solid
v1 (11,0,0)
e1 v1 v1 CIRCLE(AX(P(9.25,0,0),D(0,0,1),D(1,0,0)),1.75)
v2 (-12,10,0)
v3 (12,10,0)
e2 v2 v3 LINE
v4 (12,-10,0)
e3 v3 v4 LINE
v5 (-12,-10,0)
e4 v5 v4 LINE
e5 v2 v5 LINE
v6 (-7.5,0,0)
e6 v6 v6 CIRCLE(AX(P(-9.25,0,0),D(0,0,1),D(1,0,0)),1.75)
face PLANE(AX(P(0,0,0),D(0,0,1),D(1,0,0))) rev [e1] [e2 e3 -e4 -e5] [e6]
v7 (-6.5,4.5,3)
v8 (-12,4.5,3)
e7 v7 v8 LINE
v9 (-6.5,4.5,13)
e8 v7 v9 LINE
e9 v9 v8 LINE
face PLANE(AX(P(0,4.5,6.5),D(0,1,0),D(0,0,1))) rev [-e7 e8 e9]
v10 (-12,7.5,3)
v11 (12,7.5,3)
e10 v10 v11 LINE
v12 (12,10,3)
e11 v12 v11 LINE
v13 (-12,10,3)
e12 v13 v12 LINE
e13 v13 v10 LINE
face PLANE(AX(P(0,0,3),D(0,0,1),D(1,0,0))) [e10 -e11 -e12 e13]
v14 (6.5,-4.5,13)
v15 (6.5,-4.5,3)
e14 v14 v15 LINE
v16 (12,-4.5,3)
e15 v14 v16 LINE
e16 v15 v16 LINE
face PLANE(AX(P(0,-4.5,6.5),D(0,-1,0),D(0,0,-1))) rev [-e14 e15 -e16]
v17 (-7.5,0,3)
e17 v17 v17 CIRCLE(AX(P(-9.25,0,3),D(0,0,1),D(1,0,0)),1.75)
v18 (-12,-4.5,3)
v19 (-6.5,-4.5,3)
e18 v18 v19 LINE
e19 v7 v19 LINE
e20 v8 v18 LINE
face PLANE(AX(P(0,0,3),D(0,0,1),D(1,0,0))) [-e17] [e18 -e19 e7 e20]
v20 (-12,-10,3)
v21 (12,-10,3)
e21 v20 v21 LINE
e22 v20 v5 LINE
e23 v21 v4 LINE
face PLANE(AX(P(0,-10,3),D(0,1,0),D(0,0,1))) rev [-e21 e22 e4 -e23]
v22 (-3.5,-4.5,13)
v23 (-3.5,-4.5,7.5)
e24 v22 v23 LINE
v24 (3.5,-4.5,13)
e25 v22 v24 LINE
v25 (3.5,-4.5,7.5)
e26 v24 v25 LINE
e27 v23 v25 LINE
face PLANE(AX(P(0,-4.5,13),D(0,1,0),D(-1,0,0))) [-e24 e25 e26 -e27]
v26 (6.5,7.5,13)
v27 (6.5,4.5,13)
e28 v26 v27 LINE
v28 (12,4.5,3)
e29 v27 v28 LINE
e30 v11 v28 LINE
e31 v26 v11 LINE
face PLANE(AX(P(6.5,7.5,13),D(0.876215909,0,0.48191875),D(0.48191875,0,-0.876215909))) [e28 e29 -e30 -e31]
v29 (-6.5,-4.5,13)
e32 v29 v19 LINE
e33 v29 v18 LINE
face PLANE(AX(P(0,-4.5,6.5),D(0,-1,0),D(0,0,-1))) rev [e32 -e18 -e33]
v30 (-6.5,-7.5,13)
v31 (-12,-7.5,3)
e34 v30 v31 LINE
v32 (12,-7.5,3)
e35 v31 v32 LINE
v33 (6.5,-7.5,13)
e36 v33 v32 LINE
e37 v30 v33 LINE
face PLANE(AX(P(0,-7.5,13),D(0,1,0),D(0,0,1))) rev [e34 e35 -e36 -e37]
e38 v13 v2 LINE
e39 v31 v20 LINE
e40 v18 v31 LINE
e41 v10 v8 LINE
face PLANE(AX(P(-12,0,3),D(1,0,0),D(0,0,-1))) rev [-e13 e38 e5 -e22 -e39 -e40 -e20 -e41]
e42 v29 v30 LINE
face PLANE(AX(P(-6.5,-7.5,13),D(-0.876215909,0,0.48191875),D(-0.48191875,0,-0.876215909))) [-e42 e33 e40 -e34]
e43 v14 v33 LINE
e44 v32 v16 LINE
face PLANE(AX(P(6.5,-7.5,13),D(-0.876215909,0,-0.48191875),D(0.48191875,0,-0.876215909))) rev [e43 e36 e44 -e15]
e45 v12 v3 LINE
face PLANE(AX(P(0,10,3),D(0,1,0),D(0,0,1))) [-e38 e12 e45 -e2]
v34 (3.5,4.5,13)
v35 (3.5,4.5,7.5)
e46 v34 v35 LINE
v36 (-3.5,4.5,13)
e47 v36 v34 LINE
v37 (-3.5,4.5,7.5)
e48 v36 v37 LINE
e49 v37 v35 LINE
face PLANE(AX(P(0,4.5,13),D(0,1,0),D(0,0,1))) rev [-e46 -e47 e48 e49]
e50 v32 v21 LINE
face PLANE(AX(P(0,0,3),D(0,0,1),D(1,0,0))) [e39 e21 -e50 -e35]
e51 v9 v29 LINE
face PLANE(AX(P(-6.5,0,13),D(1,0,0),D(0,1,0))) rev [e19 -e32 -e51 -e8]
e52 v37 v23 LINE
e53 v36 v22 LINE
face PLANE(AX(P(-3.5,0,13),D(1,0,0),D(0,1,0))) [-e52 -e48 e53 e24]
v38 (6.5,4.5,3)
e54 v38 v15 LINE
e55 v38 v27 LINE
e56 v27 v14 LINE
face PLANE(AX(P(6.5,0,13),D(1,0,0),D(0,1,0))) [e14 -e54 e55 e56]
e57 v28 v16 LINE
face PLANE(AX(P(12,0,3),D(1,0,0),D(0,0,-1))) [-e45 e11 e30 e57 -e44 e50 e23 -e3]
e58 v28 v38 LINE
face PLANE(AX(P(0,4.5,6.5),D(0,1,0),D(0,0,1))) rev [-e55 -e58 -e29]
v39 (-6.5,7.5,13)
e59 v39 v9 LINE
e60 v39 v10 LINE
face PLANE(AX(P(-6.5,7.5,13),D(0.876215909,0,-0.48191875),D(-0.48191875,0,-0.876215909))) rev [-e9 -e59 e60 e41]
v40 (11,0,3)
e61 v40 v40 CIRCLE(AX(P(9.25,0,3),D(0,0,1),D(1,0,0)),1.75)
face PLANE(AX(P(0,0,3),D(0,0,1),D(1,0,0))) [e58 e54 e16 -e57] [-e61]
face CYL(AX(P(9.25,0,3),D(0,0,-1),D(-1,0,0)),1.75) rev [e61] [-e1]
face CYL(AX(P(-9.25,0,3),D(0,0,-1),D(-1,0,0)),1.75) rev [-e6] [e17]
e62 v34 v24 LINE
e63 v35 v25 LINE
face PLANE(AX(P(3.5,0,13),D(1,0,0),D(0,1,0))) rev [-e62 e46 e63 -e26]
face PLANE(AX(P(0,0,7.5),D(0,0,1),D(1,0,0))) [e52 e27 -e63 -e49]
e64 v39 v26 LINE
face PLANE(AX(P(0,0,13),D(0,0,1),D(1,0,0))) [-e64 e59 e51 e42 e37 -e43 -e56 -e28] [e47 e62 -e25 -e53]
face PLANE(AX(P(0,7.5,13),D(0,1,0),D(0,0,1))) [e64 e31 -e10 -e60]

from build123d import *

# Parameters (mm, degrees)
ESQUISSE1_W               = 24
ESQUISSE1_H               = 20
ESQUISSE1_R               = 1.75
ESQUISSE1_W_2             = 13
ESQUISSE1_H_2             = 15
BOSS_EXTRU_1_DEPTH        = 3
ESQUISSE1_3_W             = 13
ESQUISSE1_3_H             = 15
ESQUISSE1_3_W_2           = 7
ESQUISSE1_3_H_2           = 9
BOSS_EXTRU_2_DEPTH        = 13
NERVURE2_REACH            = 26.885
ESQUISSE5_WALL_W          = 63.182180764
ESQUISSE5_WALL_H          = 3
SYM_TRIE5_COPY_1_REACH    = 26.885
SYM_TRIE5_COPY_1_SKETCH_W = 63.182180764
SYM_TRIE5_COPY_1_SKETCH_H = 3
ESQUISSE1_4_W             = 7
ESQUISSE1_4_H             = 9
BOSS_EXTRU_3_DEPTH        = 7.5


with BuildPart() as part:
    # Esquisse1 → Boss.-Extru.1 (new body)
    with BuildSketch(Plane.XY):
        Rectangle(ESQUISSE1_W, ESQUISSE1_H)
        with Locations((-9.25, 0)):
            Circle(ESQUISSE1_R, mode=Mode.SUBTRACT)
        with Locations((9.25, 0)):
            Circle(ESQUISSE1_R, mode=Mode.SUBTRACT)
        Rectangle(ESQUISSE1_W_2, ESQUISSE1_H_2, mode=Mode.SUBTRACT)
    extrude(amount=BOSS_EXTRU_1_DEPTH)

    # Esquisse1<3> → Boss.-Extru.2 (add)
    with BuildSketch(Plane.XY):
        Rectangle(ESQUISSE1_3_W, ESQUISSE1_3_H)
        Rectangle(ESQUISSE1_3_W_2, ESQUISSE1_3_H_2, mode=Mode.SUBTRACT)
    extrude(amount=BOSS_EXTRU_2_DEPTH)

    # Esquisse5 wall → Nervure2 (add, up to next)
    with BuildSketch(Plane(origin=(-9.25, -7.5, 8), x_dir=(-0.481918749772, 0, -0.876215908677), z_dir=(0.876215908677, 0, -0.481918749772)), mode=Mode.PRIVATE) as nervure2_sk1:
        with Locations((0, 1.5)):
            Rectangle(ESQUISSE5_WALL_W, ESQUISSE5_WALL_H)
    nervure2_tool1 = extrude(nervure2_sk1.sketch, amount=NERVURE2_REACH, mode=Mode.PRIVATE) - part.part
    nervure2 = nervure2_tool1.solids().sort_by_distance((-9.25, -7.5, 8))[0]
    add(nervure2)

    # Symétrie4: Nervure2 across plane
    add(nervure2.mirror(Plane.ZX))

    # Symétrie5: Nervure2 across plane
    add(nervure2.mirror(Plane(origin=(0, 0, 0), x_dir=(0, 0, 1), z_dir=(1, 0, 0))))

    # Symétrie5 copy 1 sketch → Symétrie5 copy 1 (add, up to next)
    with BuildSketch(Plane(origin=(9.25, 7.5, 8), x_dir=(0.481918749772, 0, -0.876215908677), z_dir=(-0.876215908677, 0, -0.481918749772)), mode=Mode.PRIVATE) as sym_trie5_copy_1_sk1:
        with Locations((0, 1.5)):
            Rectangle(SYM_TRIE5_COPY_1_SKETCH_W, SYM_TRIE5_COPY_1_SKETCH_H)
    sym_trie5_copy_1_tool1 = extrude(sym_trie5_copy_1_sk1.sketch, amount=SYM_TRIE5_COPY_1_REACH, mode=Mode.PRIVATE) - part.part
    add(sym_trie5_copy_1_tool1.solids().sort_by_distance((9.25, 7.5, 8))[0])

    # Esquisse1<4> → Boss.-Extru.3 (add)
    with BuildSketch(Plane.XY):
        Rectangle(ESQUISSE1_4_W, ESQUISSE1_4_H)
    extrude(amount=BOSS_EXTRU_3_DEPTH)


solid = part.part
